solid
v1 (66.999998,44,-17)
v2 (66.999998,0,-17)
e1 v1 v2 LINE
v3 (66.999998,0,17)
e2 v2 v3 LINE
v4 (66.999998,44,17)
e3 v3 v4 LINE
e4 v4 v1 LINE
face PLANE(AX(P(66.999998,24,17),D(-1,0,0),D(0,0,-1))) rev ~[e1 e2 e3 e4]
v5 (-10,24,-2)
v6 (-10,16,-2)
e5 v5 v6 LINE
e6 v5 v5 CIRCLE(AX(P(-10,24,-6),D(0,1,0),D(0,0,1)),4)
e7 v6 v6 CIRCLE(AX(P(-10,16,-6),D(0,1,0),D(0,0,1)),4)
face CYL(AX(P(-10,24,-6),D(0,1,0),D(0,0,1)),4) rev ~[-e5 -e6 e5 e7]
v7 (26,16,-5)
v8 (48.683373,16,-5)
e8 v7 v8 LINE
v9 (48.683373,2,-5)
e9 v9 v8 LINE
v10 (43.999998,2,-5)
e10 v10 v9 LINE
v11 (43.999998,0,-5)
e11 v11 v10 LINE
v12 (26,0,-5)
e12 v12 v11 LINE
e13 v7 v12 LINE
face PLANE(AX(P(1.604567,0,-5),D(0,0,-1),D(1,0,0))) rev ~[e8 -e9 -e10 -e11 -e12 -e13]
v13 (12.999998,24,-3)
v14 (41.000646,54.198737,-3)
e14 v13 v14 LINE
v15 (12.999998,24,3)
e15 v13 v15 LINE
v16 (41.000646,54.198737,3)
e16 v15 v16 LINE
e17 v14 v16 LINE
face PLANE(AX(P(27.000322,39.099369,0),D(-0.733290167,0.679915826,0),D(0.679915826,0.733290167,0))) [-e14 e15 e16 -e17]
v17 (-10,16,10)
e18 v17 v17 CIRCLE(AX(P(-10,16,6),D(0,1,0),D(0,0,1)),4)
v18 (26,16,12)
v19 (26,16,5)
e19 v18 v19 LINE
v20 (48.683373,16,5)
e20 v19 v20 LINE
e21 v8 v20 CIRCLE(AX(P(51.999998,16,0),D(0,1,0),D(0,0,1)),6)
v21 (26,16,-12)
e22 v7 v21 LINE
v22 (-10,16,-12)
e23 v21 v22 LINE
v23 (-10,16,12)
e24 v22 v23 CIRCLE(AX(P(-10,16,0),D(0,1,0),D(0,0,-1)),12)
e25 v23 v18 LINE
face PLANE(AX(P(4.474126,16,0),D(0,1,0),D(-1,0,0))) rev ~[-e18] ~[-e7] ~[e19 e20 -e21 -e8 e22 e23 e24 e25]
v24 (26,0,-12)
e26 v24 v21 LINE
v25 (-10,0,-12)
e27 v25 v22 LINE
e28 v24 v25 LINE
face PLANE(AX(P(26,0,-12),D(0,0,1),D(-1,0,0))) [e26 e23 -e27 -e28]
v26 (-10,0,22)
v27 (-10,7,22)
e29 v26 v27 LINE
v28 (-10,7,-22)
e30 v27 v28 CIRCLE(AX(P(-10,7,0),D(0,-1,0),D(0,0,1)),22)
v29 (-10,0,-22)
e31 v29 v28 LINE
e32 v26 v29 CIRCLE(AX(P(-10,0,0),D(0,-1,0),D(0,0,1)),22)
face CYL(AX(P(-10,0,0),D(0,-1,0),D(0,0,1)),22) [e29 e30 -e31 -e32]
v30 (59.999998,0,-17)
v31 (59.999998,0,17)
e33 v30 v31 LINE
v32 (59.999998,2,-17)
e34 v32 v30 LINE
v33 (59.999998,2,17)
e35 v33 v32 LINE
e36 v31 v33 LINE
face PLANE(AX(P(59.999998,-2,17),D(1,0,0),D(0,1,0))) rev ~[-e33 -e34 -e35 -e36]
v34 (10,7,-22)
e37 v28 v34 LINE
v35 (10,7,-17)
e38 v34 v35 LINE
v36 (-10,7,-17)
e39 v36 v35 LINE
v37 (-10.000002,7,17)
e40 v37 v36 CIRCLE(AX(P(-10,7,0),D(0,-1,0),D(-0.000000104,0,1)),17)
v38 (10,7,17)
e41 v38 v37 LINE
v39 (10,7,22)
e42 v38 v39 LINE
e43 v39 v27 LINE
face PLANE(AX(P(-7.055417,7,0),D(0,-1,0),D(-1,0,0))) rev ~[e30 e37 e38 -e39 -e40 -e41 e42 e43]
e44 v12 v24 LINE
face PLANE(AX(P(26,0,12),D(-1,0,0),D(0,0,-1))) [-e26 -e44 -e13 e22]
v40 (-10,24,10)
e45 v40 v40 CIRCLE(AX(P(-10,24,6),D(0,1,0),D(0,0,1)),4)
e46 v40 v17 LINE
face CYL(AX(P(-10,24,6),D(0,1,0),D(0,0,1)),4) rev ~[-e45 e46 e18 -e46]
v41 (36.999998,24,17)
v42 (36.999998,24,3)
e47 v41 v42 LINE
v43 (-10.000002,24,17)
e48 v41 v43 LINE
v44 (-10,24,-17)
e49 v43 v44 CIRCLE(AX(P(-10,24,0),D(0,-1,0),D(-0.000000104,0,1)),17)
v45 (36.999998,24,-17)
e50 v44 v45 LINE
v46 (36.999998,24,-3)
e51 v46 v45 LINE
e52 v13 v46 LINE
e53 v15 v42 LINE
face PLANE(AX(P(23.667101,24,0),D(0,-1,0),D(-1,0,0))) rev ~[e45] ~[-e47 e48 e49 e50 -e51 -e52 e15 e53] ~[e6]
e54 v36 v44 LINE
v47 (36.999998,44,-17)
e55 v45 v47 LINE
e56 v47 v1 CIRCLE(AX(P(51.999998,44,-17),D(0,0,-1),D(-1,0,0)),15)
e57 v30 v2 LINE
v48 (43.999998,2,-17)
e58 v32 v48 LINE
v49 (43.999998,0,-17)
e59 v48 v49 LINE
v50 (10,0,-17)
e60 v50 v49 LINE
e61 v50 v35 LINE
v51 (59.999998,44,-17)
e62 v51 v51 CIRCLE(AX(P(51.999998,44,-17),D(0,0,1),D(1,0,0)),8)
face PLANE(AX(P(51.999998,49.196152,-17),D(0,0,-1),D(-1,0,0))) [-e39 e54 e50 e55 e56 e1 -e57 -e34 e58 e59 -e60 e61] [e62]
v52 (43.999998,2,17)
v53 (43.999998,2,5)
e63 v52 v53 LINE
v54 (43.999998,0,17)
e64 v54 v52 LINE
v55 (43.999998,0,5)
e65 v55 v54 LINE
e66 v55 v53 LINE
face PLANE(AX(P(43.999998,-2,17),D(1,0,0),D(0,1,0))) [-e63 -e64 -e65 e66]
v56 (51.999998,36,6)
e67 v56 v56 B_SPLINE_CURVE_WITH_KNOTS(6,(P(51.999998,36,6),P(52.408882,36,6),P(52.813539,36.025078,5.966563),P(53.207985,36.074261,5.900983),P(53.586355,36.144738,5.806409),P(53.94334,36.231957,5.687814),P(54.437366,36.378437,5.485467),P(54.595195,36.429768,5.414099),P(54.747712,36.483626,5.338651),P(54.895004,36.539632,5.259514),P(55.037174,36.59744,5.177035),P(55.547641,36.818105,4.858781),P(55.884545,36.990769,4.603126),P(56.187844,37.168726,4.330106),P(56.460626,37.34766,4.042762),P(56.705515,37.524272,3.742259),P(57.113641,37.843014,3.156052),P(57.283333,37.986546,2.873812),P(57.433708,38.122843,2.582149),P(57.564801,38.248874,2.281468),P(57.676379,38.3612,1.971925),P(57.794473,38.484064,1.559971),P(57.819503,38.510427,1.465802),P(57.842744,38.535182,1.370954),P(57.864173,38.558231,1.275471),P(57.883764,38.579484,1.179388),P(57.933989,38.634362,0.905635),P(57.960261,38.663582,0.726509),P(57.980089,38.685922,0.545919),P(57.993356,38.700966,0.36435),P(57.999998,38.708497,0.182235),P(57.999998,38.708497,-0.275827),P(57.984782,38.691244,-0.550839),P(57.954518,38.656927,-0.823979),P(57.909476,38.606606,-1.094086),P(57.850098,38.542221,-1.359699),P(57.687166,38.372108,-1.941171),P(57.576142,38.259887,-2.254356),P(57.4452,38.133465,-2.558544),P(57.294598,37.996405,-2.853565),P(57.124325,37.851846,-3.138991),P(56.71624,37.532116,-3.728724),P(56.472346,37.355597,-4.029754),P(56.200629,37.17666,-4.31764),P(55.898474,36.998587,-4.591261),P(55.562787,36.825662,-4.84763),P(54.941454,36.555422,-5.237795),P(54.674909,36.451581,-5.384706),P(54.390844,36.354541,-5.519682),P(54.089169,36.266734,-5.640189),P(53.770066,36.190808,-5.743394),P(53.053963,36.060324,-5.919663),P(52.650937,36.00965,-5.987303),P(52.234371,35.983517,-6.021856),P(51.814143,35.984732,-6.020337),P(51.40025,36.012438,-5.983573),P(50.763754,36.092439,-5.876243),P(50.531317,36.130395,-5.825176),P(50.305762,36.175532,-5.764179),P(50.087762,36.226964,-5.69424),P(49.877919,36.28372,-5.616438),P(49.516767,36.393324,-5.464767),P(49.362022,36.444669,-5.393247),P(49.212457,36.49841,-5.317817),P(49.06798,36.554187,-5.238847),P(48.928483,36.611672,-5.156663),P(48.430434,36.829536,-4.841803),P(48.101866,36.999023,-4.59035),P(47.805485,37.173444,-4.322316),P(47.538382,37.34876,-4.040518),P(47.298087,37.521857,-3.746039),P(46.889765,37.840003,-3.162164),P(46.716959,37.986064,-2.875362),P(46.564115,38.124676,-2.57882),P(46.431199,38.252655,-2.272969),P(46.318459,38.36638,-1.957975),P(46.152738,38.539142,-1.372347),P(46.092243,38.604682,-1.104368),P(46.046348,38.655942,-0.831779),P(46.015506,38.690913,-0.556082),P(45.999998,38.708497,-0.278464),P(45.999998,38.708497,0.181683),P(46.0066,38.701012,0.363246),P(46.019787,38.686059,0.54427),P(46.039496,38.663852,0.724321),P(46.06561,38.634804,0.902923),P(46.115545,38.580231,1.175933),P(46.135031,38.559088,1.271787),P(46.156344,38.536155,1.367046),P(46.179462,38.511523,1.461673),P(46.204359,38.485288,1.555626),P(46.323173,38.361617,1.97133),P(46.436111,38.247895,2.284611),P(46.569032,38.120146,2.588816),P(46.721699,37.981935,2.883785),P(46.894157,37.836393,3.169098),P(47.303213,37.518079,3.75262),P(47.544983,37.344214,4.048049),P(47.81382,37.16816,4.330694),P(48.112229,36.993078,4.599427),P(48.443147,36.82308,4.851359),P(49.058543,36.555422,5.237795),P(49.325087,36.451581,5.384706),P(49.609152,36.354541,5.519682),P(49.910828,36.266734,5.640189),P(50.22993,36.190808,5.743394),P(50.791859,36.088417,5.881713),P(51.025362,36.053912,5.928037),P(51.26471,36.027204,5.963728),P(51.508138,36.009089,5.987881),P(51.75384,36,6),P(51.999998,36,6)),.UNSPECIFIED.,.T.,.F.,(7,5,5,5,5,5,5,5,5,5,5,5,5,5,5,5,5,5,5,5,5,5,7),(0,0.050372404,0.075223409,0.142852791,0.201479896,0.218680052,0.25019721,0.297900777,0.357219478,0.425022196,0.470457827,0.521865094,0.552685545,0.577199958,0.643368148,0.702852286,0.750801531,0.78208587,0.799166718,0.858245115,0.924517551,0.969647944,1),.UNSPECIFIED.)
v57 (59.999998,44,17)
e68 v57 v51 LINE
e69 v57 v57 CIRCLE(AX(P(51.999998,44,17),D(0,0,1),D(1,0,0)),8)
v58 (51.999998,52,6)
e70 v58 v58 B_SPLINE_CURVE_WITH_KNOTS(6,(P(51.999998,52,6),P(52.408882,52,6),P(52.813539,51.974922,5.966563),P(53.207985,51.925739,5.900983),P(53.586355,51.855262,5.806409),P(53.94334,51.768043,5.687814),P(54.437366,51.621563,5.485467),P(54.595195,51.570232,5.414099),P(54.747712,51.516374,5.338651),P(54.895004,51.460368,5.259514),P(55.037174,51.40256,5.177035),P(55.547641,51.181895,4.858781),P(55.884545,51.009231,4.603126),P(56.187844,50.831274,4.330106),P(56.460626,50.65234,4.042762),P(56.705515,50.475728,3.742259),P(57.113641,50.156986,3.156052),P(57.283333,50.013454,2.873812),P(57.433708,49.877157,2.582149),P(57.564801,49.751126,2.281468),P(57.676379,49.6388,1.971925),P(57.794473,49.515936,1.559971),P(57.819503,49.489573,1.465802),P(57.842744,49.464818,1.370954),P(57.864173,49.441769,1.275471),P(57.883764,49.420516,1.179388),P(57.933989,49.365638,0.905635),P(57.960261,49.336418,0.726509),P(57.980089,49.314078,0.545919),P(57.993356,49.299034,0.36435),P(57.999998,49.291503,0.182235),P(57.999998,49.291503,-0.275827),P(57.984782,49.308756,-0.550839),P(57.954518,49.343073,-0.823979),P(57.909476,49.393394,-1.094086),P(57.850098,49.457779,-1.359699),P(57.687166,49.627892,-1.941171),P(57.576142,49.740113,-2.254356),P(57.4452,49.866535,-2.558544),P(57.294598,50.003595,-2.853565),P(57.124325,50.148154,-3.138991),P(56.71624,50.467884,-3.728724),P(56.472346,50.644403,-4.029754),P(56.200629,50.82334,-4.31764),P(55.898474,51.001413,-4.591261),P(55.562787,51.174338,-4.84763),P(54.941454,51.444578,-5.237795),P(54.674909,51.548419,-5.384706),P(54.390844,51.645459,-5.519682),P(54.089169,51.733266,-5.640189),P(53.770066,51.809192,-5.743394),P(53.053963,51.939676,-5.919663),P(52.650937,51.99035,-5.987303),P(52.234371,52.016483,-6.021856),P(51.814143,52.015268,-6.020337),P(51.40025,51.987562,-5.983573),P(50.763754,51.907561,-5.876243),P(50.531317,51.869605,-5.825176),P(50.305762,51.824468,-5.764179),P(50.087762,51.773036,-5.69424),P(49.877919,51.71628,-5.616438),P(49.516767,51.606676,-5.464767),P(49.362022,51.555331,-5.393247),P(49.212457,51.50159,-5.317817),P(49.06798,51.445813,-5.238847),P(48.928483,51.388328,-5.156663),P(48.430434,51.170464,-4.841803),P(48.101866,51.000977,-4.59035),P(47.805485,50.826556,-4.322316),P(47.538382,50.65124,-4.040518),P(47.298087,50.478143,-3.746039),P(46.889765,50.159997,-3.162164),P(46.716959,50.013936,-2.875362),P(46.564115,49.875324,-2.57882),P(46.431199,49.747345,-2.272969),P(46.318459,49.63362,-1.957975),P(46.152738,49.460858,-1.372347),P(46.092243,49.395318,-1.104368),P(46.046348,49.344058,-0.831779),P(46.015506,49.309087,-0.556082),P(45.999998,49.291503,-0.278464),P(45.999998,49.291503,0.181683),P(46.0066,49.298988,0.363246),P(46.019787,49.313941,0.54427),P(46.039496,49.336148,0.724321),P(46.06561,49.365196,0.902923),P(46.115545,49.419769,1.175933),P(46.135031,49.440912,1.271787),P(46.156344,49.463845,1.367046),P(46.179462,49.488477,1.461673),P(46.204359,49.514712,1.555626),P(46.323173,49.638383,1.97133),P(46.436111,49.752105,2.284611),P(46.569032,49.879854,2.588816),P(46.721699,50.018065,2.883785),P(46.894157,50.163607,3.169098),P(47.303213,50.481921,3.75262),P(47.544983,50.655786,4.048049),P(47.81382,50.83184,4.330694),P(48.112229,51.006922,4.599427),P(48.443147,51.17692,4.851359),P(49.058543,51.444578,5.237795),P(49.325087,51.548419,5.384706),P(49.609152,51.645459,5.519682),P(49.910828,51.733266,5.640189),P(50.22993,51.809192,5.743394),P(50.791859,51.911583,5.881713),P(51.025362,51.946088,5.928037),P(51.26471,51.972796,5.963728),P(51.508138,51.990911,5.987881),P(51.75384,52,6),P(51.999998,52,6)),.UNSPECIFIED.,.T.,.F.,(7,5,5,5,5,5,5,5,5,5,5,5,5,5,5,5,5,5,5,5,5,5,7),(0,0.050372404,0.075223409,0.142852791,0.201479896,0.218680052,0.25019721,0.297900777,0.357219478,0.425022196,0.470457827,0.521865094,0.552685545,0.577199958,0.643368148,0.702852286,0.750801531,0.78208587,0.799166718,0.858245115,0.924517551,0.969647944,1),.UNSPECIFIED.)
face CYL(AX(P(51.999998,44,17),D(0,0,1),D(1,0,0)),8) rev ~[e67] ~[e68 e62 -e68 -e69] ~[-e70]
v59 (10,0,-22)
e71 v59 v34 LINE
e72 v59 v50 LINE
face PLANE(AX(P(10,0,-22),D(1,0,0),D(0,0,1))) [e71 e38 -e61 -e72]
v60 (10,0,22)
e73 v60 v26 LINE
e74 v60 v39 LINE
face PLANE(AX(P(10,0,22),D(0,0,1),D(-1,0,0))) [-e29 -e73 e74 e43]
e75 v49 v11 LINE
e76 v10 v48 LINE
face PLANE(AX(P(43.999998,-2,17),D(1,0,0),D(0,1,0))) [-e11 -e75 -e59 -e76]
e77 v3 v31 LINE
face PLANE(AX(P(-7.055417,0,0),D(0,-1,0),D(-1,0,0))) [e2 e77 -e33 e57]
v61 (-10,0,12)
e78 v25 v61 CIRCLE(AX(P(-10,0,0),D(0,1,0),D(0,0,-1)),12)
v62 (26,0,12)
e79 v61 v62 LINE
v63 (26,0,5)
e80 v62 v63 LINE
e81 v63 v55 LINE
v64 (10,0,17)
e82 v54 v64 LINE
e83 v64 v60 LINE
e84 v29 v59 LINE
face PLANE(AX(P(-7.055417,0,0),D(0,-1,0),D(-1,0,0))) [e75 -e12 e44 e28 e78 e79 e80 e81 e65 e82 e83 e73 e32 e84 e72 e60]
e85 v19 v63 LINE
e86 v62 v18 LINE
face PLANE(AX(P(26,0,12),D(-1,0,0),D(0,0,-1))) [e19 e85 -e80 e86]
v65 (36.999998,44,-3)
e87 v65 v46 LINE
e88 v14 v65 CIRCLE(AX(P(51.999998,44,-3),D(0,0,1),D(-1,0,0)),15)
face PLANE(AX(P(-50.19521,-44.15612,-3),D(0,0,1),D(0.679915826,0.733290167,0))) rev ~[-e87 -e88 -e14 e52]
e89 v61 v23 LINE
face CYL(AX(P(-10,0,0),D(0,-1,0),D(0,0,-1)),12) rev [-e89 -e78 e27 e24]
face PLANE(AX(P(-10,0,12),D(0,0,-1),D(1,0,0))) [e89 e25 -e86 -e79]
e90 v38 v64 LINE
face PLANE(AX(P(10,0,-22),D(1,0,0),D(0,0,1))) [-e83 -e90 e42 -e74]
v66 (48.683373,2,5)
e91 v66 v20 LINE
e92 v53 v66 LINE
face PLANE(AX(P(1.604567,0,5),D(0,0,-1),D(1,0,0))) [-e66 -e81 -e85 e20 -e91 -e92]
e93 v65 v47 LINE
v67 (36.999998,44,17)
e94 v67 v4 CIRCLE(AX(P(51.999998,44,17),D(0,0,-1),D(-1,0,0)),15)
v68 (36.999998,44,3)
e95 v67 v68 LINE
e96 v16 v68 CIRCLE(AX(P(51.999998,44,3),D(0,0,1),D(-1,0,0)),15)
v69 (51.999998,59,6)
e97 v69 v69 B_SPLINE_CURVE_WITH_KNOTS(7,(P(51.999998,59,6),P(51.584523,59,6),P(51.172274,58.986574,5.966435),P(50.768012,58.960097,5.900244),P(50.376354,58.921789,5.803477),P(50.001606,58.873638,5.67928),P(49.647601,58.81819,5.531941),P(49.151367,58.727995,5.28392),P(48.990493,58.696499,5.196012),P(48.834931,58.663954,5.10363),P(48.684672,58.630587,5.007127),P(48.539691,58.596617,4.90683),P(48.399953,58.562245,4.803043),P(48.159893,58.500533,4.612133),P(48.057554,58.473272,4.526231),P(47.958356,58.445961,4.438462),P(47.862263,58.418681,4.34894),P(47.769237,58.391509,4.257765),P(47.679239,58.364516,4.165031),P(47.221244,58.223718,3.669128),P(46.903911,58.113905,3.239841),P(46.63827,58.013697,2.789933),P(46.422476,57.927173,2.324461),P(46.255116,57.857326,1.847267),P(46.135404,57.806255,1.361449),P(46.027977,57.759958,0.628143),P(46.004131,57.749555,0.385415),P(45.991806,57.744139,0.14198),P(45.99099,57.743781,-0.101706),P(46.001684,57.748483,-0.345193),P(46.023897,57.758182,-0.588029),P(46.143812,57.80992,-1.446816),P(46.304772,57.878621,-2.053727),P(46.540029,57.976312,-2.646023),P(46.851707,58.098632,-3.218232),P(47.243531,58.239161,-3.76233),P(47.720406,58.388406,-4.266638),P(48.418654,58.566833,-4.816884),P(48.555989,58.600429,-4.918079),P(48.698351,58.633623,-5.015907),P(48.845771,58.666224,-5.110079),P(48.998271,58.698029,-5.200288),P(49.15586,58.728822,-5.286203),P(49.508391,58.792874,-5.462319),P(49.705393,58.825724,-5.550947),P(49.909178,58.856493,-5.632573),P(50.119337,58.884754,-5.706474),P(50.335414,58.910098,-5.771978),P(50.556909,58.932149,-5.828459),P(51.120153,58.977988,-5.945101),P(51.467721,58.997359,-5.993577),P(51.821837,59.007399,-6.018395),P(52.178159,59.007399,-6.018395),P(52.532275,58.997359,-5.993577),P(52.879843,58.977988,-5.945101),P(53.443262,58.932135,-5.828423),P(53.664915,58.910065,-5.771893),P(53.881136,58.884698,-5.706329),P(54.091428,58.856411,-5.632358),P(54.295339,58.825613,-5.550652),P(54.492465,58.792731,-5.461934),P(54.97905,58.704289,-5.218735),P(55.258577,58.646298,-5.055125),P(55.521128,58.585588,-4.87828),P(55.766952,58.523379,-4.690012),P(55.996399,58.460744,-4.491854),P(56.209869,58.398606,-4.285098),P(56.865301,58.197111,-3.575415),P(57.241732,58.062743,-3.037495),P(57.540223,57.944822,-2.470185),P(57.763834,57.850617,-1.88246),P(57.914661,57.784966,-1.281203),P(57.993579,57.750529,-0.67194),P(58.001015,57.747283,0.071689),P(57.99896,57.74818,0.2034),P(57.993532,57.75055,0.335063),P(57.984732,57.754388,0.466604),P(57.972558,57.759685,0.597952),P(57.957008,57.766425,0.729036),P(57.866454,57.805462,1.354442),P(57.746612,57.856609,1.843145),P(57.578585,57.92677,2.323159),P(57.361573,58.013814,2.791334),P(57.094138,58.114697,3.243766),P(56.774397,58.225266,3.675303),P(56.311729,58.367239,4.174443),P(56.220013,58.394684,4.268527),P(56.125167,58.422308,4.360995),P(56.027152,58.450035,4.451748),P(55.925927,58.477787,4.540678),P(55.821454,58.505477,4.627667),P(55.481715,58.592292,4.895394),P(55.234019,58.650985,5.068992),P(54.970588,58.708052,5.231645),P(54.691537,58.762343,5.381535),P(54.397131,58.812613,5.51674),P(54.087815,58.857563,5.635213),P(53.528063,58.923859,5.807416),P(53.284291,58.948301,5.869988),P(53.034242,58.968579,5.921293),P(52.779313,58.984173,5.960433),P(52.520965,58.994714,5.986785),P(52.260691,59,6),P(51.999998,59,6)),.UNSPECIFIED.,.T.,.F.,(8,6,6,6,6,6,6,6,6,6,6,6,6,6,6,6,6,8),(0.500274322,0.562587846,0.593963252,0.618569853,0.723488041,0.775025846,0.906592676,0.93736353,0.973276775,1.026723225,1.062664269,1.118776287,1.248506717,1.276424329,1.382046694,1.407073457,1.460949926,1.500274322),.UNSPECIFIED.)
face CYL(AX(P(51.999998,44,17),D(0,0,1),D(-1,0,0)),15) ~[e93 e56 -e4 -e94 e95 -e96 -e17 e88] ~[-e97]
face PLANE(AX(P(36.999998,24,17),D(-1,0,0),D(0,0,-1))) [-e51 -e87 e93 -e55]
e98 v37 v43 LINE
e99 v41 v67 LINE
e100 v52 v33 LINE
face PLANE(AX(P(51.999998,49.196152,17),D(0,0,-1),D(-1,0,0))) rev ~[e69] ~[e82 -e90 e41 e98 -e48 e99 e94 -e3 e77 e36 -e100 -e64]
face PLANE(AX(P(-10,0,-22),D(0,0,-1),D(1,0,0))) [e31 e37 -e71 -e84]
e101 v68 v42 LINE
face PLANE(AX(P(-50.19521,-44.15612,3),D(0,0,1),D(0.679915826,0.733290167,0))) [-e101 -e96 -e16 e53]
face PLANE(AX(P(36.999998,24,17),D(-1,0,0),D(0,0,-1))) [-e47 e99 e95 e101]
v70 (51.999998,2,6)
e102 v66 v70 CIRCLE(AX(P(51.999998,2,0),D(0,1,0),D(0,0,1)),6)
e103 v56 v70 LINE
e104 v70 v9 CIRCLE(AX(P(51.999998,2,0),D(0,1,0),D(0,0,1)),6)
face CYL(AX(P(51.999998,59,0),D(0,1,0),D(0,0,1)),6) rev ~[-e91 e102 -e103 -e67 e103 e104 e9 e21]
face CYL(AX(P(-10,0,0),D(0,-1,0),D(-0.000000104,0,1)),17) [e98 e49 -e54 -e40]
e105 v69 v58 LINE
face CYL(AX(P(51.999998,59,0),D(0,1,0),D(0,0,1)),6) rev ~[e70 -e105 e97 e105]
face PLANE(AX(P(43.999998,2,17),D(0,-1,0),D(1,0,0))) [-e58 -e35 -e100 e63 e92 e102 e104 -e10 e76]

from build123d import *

# Parameters (mm, degrees)
EXTRUDE_1_DEPTH      = 7
EXTRUDE_2_DEPTH      = 17
EXTRUDE_2_DEPTH_BACK = 7
CUT_EXTRUDE_1_DEPTH  = 16
CUT_EXTRUDE_2_REACH  = 76.492
SKETCH_5_R           = 4
SKETCH_6_W           = 30
SKETCH_6_H           = 34
EXTRUDE_3_DEPTH      = 20
EXTRUDE_4_DEPTH      = 34
CUT_EXTRUDE_3_REACH  = 99.422
SKETCH_8_R           = 8
RIB_1_REACH          = 93.946
SKETCH_9_WALL_W      = 227.073790214
SKETCH_9_WALL_H      = 6
SKETCH_10_R          = 6
CUT_EXTRUDE_4_DEPTH  = 92.945634825
SKETCH_11_W          = 16
SKETCH_11_H          = 4
CUT_EXTRUDE_5_DEPTH  = 98.421762397
SKETCH_12_W          = 48.790865184
SKETCH_12_H          = 10
CUT_EXTRUDE_8_DEPTH  = 16


with BuildPart() as part:
    # 草图1 → 凸台-拉伸1 (new body)
    with BuildSketch(Plane(origin=(0, 0, 0), x_dir=(1, 0, 0), z_dir=(0, 1, 0))):
        with BuildLine():
            Line((10, -22), (-10, -22))
            ThreePointArc((-10, -22), (-32, 0), (-10, 22))
            Line((-10, 22), (10, 22))
            Line((10, 22), (10, -22))
        make_face()
    extrude(amount=EXTRUDE_1_DEPTH)

    # 草图3 → 凸台-拉伸2 (add, two sides: drawn at the far end of the back side and taken through both)
    with BuildSketch(Plane(origin=(0, 7, 0), x_dir=(1, 0, 0), z_dir=(0, 1, 0)).offset(-EXTRUDE_2_DEPTH_BACK)):
        with BuildLine():
            Line((-10, 17), (66.999998234, 17))
            Line((66.999998234, 17), (66.999998234, -17))
            Line((66.999998234, -17), (-10.000001766, -17))
            ThreePointArc((-10.000001766, -17), (-27, 8.83e-07), (-10, 17))
        make_face()
    extrude(amount=EXTRUDE_2_DEPTH + EXTRUDE_2_DEPTH_BACK)

    # 草图4 → 切除-拉伸1 (cut)
    with BuildSketch(Plane.XZ):
        with BuildLine():
            Line((-10, 12), (26, 12))
            Line((26, 12), (26, -12))
            Line((26, -12), (-10, -12))
            ThreePointArc((-10, -12), (-22, 0), (-10, 12))
        make_face()
    extrude(amount=-CUT_EXTRUDE_1_DEPTH, mode=Mode.SUBTRACT)

    # 草图5 → 切除-拉伸2 (cut, up to next)
    with BuildSketch(Plane(origin=(0, 24, 0), x_dir=(1, 0, 0), z_dir=(0, 1, 0)), mode=Mode.PRIVATE) as cut_extrude_2_sk1:
        with Locations(Location((-10, 6, 0), (0, 0, 270))):
            Circle(SKETCH_5_R)
    cut_extrude_2_tool1 = extrude(cut_extrude_2_sk1.sketch, amount=-CUT_EXTRUDE_2_REACH, mode=Mode.PRIVATE) & part.part
    # 草图5 → 切除-拉伸2 (cut, up to next)
    with BuildSketch(Plane(origin=(0, 24, 0), x_dir=(1, 0, 0), z_dir=(0, 1, 0)), mode=Mode.PRIVATE) as cut_extrude_2_sk2:
        with Locations(Location((-10, -6, 0), (0, 0, 270))):
            Circle(SKETCH_5_R)
    cut_extrude_2_tool2 = extrude(cut_extrude_2_sk2.sketch, amount=-CUT_EXTRUDE_2_REACH, mode=Mode.PRIVATE) & part.part
    add(cut_extrude_2_tool1.solids().sort_by_distance((-10, 24, -6))[0], mode=Mode.SUBTRACT)
    add(cut_extrude_2_tool2.solids().sort_by_distance((-10, 24, 6))[0], mode=Mode.SUBTRACT)

    # 草图6 → 凸台-拉伸3 (add)
    with BuildSketch(Plane(origin=(0, 24, 0), x_dir=(1, 0, 0), z_dir=(0, 1, 0))):
        with Locations((51.999998234, 0)):
            Rectangle(SKETCH_6_W, SKETCH_6_H)
    extrude(amount=EXTRUDE_3_DEPTH)

    # 草图7 → 凸台-拉伸4 (add)
    with BuildSketch(Plane.XY.offset(17)):
        with BuildLine():
            ThreePointArc((36.999998234, 44), (51.999998234, 59), (66.999998234, 44))
            Line((66.999998234, 44), (36.999998234, 44))
        make_face()
    extrude(amount=-EXTRUDE_4_DEPTH)

    # 草图8 → 切除-拉伸3 (cut, up to next)
    with BuildSketch(Plane.XY.offset(17), mode=Mode.PRIVATE) as cut_extrude_3_sk1:
        with Locations((51.999998234, 44)):
            Circle(SKETCH_8_R)
    cut_extrude_3_tool1 = extrude(cut_extrude_3_sk1.sketch, amount=-CUT_EXTRUDE_3_REACH, mode=Mode.PRIVATE) & part.part
    add(cut_extrude_3_tool1.solids().sort_by_distance((51.999998, 44, 17))[0], mode=Mode.SUBTRACT)

    # 草图9 wall → 筋1 (add, up to next)
    with BuildSketch(Plane(origin=(27.00032198, 39.099368696, 0), x_dir=(0.679915826137, 0.733290167238, 0), z_dir=(-0.733290167238, 0.679915826137, 0)), mode=Mode.PRIVATE) as rib_1_sk1:
        Rectangle(SKETCH_9_WALL_W, SKETCH_9_WALL_H)
    rib_1_tool1 = extrude(rib_1_sk1.sketch, amount=-RIB_1_REACH, mode=Mode.PRIVATE) - part.part
    add(rib_1_tool1.solids().sort_by_distance((27.00032198, 39.099368696, 0))[0])

    # 草图10 → 切除-拉伸4 (cut, through all)
    with BuildSketch(Plane(origin=(0, 59, 0), x_dir=(1, 0, 0), z_dir=(0, 1, 0))):
        with Locations(Location((51.999998234, 0, 0), (0, 0, 270))):
            Circle(SKETCH_10_R)
    extrude(amount=-CUT_EXTRUDE_4_DEPTH, mode=Mode.SUBTRACT)

    # 草图11 → 切除-拉伸5 (cut, through all)
    with BuildSketch(Plane.XY.offset(17)):
        with Locations((51.999998234, 0)):
            Rectangle(SKETCH_11_W, SKETCH_11_H)
    extrude(amount=-CUT_EXTRUDE_5_DEPTH, mode=Mode.SUBTRACT)

    # 草图12 → 切除-拉伸8 (cut)
    with BuildSketch(Plane.XZ):
        with Locations((26, 0)):
            Rectangle(SKETCH_12_W, SKETCH_12_H)
    extrude(amount=-CUT_EXTRUDE_8_DEPTH, mode=Mode.SUBTRACT)


solid = part.part
